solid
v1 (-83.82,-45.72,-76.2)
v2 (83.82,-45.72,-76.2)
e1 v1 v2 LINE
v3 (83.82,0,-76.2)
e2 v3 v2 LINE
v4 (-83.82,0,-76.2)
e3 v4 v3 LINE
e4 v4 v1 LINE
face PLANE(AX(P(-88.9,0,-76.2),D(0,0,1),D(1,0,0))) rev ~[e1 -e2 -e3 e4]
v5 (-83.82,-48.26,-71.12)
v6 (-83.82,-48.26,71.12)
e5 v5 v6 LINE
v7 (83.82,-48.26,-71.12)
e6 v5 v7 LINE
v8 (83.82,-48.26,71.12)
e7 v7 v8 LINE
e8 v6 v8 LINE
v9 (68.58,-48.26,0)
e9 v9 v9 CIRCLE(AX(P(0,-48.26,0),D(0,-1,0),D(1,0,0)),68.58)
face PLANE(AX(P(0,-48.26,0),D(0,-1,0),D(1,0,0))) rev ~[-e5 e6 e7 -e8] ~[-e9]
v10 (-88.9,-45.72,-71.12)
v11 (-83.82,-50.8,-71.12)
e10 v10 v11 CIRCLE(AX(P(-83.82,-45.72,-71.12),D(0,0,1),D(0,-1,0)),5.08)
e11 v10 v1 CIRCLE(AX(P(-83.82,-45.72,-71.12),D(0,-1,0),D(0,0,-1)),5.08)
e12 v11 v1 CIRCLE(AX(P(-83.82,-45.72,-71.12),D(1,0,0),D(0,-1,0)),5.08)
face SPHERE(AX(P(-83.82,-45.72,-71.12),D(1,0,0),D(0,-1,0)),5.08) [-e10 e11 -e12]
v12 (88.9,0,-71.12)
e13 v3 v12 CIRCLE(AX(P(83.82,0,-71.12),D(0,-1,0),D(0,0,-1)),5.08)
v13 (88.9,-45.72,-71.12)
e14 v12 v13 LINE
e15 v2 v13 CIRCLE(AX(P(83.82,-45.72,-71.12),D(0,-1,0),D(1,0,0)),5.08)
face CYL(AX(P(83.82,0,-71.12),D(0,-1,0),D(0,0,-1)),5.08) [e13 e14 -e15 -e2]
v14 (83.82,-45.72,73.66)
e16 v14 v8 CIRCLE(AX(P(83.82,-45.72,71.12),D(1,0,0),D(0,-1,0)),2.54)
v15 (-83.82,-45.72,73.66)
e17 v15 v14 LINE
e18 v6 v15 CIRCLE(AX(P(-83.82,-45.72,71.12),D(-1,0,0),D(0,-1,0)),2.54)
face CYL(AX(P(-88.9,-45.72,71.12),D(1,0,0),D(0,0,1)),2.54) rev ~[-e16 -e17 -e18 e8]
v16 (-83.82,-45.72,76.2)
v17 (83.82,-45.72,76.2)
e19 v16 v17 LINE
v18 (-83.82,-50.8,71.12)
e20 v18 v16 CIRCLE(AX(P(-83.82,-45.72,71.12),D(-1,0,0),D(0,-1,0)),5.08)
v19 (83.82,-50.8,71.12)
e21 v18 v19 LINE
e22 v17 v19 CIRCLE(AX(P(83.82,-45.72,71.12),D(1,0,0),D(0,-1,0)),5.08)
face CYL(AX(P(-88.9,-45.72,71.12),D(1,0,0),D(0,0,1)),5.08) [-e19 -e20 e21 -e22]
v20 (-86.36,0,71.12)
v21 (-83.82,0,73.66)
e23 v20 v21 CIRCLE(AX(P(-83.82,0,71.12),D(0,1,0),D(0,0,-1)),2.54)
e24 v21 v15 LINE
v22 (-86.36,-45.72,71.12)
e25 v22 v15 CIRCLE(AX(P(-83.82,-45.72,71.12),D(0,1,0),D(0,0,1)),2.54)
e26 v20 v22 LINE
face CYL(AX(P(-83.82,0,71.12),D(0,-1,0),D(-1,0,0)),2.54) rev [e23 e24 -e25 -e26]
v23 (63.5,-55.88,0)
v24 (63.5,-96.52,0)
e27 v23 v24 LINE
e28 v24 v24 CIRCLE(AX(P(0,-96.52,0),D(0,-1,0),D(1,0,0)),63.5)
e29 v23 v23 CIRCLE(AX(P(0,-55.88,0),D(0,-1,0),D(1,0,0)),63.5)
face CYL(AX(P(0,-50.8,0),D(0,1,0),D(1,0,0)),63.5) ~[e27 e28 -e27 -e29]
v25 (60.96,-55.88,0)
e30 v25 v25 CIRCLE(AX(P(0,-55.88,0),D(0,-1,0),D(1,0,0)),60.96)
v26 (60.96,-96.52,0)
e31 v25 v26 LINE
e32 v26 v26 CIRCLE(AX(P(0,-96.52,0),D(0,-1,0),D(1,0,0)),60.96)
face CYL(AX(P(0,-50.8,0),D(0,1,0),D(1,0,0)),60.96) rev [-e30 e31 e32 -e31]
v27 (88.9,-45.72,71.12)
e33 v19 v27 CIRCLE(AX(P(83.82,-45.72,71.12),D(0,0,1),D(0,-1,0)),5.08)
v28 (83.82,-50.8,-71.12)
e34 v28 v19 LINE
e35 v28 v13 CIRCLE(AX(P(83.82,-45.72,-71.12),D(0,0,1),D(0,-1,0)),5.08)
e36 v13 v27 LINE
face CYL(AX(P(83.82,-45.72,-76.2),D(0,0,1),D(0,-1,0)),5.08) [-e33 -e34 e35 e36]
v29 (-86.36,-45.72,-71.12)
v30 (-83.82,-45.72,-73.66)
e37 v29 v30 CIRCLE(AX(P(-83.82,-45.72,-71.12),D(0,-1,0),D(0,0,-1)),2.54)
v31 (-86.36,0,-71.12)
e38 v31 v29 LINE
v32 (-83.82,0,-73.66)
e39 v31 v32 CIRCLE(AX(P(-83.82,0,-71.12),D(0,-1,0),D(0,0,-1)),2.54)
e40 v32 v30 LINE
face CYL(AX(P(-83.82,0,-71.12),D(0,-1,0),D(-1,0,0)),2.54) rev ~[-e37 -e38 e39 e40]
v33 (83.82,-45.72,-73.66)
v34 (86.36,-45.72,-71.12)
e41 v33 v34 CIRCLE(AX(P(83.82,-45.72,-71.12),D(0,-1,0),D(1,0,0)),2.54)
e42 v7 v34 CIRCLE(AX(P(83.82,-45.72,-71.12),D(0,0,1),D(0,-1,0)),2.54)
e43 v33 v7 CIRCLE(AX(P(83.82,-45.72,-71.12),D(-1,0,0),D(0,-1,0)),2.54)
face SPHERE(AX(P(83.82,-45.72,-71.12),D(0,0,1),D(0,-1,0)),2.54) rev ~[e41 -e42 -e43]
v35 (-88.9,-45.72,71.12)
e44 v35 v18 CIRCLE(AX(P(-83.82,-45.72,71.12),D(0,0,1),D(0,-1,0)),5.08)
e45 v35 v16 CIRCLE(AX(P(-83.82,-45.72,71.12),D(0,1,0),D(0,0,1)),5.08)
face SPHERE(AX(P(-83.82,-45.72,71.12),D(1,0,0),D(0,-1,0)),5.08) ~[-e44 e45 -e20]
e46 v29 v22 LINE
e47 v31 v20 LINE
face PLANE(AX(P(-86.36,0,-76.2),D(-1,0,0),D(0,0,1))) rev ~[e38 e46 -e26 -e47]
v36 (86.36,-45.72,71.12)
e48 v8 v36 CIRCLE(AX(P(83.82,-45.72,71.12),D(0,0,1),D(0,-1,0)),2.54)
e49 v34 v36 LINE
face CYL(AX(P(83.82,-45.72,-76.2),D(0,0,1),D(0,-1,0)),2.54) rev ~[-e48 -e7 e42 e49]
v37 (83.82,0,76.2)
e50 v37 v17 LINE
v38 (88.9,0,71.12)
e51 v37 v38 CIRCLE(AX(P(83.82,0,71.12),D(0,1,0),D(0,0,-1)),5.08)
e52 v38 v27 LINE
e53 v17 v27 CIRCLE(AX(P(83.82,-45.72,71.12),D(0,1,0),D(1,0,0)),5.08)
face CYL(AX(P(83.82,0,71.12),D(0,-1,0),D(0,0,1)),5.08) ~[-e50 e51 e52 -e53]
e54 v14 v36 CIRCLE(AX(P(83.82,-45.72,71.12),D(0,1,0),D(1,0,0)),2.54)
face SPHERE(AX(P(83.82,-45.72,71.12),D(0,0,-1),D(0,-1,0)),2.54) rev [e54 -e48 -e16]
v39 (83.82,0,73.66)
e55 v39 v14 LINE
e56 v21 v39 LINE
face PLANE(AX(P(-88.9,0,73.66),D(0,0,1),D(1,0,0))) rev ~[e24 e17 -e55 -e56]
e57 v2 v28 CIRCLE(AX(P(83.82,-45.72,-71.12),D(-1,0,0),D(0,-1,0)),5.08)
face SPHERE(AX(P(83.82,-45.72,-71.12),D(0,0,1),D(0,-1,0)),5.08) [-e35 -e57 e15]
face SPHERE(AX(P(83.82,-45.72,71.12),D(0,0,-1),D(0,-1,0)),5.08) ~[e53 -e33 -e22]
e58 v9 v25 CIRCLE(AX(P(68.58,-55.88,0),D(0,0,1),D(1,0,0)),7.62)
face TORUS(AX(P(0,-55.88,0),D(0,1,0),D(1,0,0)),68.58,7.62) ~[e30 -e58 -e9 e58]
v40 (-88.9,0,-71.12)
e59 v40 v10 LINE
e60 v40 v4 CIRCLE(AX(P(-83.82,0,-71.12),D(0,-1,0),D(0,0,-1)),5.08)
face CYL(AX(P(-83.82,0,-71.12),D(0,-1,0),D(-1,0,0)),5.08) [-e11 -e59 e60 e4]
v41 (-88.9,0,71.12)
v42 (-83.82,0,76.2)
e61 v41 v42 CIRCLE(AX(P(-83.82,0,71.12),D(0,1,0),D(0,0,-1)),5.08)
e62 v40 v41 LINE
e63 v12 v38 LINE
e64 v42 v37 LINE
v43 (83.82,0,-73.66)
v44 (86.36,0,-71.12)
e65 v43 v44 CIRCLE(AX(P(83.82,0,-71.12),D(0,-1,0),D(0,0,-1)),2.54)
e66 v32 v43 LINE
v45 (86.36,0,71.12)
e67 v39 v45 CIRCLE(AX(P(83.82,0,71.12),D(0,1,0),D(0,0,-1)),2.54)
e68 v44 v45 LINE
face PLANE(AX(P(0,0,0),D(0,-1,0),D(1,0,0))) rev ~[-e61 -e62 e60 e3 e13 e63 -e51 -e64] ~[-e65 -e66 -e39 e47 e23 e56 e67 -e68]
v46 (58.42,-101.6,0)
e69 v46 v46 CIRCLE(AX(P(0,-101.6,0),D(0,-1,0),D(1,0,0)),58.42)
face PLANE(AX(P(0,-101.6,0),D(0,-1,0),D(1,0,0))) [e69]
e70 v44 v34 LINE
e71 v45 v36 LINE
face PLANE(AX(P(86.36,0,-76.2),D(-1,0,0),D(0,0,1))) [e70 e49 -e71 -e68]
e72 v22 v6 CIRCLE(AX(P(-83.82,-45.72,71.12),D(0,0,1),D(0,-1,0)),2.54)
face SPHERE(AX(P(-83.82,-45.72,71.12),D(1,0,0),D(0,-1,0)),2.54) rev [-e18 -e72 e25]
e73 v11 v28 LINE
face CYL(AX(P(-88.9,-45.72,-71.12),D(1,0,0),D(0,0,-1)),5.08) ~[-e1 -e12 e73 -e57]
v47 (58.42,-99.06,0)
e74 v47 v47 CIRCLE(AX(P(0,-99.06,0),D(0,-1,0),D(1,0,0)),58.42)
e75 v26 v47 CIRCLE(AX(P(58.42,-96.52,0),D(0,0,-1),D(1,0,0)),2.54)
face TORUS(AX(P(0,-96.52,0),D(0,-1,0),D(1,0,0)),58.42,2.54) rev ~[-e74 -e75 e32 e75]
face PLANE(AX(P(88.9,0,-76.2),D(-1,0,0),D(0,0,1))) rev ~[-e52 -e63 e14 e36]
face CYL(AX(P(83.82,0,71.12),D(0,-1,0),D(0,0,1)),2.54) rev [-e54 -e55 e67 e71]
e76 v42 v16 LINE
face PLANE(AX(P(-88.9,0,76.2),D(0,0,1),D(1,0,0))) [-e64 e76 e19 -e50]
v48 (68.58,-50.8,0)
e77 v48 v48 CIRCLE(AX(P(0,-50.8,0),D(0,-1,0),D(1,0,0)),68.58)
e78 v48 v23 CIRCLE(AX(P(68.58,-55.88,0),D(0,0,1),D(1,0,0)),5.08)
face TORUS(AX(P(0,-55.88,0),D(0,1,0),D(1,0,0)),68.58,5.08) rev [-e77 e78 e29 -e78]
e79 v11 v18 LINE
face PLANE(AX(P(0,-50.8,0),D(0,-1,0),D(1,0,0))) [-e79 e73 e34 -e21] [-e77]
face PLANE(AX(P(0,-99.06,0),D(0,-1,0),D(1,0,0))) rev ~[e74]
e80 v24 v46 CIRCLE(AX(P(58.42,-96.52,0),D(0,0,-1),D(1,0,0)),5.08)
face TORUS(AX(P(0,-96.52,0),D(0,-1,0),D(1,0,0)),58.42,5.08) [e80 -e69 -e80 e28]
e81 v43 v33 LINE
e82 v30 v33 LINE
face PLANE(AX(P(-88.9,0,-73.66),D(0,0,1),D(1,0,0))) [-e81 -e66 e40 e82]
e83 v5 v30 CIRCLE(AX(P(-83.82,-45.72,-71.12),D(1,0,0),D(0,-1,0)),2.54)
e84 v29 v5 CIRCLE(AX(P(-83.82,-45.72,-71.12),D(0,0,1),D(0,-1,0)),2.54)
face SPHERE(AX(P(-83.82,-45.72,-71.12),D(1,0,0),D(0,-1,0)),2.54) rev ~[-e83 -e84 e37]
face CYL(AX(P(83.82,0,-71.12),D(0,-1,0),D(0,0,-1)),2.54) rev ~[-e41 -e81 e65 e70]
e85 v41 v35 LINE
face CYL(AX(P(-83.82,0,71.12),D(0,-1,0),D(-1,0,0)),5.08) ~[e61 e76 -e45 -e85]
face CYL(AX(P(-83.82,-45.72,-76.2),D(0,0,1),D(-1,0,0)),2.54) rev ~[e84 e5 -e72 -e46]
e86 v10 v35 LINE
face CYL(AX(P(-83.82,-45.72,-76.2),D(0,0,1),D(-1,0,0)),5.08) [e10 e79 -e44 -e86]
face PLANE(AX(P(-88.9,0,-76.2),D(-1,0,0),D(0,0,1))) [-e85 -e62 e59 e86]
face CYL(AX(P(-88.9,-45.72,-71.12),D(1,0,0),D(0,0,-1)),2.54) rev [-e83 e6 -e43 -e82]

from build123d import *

# Parameters (mm, degrees)
F0_W     = 177.8
F0_H     = 152.4
F1_DEPTH = 50.8
F2_R     = 63.5
F3_DEPTH = 50.8
F4_R     = 5.08
F5_T     = -2.54


with BuildPart() as f1:
    # F0 (on Front) → F1 (new body)
    with BuildSketch(Plane.XZ):
        Rectangle(F0_W, F0_H)
    extrude(amount=F1_DEPTH)

    # F2 (on face) → F3 (join)
    with BuildSketch(Plane.XZ.offset(50.8)):
        Circle(F2_R)
    extrude(amount=F3_DEPTH)

    # F4
    f4_edges = [f1.edges().sort_by_distance(p)[0] for p in [
        (-63.5, -101.6, 0),
        (-63.5, -50.8, 0),
        (88.9, -50.8, 0),
        (0, -50.8, -76.2),
        (0, -50.8, 76.2),
        (-88.9, -50.8, 0),
        (88.9, -25.4, 76.2),
        (-88.9, -25.4, 76.2),
        (-88.9, -25.4, -76.2),
        (88.9, -25.4, -76.2),
    ]]
    fillet(f4_edges, radius=F4_R)

    # F5
    f5_openings = [f1.faces().sort_by_distance(p)[0] for p in [
        (0, 0, 0),
    ]]
    offset(amount=F5_T, openings=f5_openings)


solid = f1.part
